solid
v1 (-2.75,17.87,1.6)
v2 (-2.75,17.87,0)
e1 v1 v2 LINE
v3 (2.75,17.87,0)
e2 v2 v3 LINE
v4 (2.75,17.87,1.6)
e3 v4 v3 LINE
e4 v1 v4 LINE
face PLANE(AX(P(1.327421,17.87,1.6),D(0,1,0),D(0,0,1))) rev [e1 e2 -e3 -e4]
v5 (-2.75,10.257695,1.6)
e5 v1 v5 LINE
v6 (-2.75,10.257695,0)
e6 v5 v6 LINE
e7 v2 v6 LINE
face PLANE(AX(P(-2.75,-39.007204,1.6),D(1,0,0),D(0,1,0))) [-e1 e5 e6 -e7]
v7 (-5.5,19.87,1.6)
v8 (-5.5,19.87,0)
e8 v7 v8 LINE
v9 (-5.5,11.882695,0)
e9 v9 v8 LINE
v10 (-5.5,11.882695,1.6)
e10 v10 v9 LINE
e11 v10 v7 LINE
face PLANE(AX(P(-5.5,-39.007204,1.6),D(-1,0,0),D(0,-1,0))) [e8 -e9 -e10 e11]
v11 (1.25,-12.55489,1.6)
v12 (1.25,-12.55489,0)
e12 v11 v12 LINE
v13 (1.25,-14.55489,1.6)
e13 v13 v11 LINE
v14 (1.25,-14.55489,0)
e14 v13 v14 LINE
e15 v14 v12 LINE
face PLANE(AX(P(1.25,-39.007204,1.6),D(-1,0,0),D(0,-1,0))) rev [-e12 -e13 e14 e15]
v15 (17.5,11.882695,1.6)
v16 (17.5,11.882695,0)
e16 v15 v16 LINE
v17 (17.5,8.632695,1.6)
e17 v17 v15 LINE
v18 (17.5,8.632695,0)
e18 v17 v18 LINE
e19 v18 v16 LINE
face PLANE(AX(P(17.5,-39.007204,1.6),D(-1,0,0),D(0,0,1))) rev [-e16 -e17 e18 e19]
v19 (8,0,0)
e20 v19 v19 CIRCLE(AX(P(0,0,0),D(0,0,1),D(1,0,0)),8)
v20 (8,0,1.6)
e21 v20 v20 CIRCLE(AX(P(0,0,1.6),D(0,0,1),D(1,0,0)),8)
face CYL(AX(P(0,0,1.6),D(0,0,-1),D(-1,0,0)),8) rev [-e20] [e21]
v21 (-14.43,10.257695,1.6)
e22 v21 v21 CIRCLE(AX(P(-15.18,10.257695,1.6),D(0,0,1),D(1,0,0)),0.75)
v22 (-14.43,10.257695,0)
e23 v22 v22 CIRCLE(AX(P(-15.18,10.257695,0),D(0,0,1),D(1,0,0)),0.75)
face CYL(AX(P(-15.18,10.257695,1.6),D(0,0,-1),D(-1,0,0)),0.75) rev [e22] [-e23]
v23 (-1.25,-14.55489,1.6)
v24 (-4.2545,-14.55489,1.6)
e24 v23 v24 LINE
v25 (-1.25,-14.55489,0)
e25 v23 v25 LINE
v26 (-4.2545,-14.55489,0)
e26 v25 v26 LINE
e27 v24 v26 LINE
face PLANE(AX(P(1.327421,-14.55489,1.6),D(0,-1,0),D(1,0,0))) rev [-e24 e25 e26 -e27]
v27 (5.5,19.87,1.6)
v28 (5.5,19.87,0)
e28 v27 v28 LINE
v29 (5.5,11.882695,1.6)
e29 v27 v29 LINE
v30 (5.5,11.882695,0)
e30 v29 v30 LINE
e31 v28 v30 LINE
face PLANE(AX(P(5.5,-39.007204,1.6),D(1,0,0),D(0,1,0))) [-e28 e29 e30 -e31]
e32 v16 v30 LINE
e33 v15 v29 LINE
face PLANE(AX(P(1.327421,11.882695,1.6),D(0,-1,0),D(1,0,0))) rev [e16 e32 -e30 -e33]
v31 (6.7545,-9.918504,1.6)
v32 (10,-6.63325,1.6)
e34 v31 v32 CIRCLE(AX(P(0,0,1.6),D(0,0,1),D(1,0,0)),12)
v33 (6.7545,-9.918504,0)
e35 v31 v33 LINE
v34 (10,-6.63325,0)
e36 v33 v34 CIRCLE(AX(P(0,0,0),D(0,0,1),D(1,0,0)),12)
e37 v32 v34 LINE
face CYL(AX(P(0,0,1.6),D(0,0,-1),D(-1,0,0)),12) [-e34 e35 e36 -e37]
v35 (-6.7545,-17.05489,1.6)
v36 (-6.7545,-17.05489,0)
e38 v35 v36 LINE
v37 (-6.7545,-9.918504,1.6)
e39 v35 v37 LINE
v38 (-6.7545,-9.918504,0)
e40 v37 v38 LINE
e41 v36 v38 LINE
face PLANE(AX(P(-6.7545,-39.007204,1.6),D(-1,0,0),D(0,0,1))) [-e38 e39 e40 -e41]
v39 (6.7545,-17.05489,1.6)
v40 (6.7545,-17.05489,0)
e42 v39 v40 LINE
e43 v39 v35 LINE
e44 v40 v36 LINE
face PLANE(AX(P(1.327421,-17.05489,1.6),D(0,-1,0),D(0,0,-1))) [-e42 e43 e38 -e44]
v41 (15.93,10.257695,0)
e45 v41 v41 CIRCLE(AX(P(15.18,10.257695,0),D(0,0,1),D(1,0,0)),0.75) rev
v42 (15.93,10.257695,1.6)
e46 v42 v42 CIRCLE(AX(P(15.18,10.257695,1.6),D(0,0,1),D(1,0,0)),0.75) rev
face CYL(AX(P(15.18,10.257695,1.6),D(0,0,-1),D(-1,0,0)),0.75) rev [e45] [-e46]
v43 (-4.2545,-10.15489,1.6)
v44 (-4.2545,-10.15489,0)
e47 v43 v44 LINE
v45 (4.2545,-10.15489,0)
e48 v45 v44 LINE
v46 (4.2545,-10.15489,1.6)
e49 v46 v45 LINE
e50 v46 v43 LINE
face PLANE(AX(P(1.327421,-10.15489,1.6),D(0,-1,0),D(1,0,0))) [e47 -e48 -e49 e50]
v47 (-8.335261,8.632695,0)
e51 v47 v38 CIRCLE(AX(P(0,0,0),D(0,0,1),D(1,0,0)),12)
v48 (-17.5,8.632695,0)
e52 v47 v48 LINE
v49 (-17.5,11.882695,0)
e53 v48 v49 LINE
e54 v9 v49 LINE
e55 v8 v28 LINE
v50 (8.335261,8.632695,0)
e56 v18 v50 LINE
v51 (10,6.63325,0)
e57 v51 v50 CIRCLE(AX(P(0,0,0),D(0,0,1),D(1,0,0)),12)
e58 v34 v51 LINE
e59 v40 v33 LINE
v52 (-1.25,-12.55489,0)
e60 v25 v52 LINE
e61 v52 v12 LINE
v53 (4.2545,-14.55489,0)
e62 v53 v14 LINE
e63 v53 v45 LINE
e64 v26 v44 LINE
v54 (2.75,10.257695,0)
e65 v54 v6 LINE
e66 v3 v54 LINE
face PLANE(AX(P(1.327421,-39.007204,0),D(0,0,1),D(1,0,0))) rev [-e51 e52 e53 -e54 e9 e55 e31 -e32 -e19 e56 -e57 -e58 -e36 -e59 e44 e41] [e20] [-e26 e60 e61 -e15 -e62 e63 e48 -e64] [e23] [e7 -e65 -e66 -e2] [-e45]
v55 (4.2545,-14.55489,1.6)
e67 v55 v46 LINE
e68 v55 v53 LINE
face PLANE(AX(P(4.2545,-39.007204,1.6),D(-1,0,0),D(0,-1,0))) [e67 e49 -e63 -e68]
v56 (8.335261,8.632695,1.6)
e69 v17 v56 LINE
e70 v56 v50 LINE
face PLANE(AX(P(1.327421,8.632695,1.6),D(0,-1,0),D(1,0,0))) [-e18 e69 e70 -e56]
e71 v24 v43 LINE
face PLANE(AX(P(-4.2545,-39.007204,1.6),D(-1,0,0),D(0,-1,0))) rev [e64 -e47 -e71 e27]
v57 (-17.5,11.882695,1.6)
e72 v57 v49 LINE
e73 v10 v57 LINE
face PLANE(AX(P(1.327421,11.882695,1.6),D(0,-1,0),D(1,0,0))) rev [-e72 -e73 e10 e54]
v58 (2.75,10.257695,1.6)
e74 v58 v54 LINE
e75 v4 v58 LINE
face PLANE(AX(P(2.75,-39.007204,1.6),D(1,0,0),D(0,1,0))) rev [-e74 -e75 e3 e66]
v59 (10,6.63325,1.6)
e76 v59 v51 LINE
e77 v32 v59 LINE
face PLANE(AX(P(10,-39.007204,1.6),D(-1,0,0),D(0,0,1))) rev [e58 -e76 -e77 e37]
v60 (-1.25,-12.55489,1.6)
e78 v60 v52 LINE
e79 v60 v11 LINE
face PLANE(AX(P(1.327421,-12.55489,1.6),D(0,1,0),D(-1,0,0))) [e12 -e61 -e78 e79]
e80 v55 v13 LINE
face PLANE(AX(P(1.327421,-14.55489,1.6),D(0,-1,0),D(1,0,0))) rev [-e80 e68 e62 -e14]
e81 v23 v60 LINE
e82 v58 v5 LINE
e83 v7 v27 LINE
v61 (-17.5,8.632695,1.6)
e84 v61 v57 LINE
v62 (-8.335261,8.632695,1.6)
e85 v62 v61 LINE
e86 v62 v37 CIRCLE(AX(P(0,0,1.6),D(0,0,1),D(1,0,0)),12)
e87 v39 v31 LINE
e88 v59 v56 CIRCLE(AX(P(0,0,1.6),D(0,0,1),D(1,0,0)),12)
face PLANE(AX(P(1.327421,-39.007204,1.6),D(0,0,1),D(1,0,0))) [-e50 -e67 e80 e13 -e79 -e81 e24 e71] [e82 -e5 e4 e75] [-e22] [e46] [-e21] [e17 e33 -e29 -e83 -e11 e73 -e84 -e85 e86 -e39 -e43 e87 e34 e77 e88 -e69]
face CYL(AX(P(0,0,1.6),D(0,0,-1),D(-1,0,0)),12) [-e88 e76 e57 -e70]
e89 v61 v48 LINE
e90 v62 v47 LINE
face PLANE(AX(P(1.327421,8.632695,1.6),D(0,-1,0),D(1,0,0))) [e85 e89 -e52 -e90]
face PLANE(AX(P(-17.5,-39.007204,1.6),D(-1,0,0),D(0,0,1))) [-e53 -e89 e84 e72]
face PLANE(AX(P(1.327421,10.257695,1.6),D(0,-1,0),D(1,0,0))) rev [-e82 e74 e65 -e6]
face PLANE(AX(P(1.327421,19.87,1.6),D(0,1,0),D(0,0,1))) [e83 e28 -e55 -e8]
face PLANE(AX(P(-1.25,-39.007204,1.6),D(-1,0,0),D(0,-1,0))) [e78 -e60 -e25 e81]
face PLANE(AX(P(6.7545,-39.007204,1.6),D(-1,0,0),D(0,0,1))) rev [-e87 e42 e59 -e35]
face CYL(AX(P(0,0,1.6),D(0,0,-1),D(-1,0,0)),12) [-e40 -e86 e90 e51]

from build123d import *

# Parameters (mm, degrees)
SKETCH1_W           = 5.5
SKETCH1_H           = 7.612305333
SKETCH1_R           = 0.75
SKETCH1_R_2         = 8
BOSS_EXTRUDE1_DEPTH = 1.6


with BuildPart() as part:
    # Sketch1 → Boss-Extrude1 (new body)
    with BuildSketch(Plane.XY):
        with BuildLine():
            Line((5.5, 19.87), (-5.5, 19.87))
            Line((-5.5, 19.87), (-5.5, 11.882694667))
            Line((-5.5, 11.882694667), (-17.5, 11.882694667))
            Line((-17.5, 11.882694667), (-17.5, 8.632694667))
            Line((-17.5, 8.632694667), (-8.335261411, 8.632694667))
            ThreePointArc((-8.335261411, 8.632694667), (-11.956670593, -1.018836756), (-6.7545, -9.918504411))
            Line((-6.7545, -9.918504411), (-6.7545, -17.054889955))
            Line((-6.7545, -17.054889955), (6.7545, -17.054889955))
            Line((6.7545, -17.054889955), (6.7545, -9.918504411))
            ThreePointArc((6.7545, -9.918504411), (8.536775878, -8.433472453), (10, -6.633249581))
            Line((10, -6.633249581), (10, 6.633249581))
            ThreePointArc((10, 6.633249581), (9.221979067, 7.678222586), (8.335261411, 8.632694667))
            Line((8.335261411, 8.632694667), (17.5, 8.632694667))
            Line((17.5, 8.632694667), (17.5, 11.882694667))
            Line((17.5, 11.882694667), (5.5, 11.882694667))
            Line((5.5, 11.882694667), (5.5, 19.87))
        make_face()
        with Locations((0, 14.063847334)):
            Rectangle(SKETCH1_W, SKETCH1_H, mode=Mode.SUBTRACT)
        Polygon((-4.2545, -10.154889955), (4.2545, -10.154889955), (4.2545, -14.554889955), (1.25, -14.554889955), (1.25, -12.554889955), (-1.25, -12.554889955), (-1.25, -14.554889955), (-4.2545, -14.554889955), align=None, mode=Mode.SUBTRACT)
        with Locations((-15.18, 10.257694667)):
            Circle(SKETCH1_R, mode=Mode.SUBTRACT)
        Circle(SKETCH1_R_2, mode=Mode.SUBTRACT)
        with Locations((15.18, 10.257694667)):
            Circle(SKETCH1_R, mode=Mode.SUBTRACT)
    extrude(amount=BOSS_EXTRUDE1_DEPTH)


solid = part.part
